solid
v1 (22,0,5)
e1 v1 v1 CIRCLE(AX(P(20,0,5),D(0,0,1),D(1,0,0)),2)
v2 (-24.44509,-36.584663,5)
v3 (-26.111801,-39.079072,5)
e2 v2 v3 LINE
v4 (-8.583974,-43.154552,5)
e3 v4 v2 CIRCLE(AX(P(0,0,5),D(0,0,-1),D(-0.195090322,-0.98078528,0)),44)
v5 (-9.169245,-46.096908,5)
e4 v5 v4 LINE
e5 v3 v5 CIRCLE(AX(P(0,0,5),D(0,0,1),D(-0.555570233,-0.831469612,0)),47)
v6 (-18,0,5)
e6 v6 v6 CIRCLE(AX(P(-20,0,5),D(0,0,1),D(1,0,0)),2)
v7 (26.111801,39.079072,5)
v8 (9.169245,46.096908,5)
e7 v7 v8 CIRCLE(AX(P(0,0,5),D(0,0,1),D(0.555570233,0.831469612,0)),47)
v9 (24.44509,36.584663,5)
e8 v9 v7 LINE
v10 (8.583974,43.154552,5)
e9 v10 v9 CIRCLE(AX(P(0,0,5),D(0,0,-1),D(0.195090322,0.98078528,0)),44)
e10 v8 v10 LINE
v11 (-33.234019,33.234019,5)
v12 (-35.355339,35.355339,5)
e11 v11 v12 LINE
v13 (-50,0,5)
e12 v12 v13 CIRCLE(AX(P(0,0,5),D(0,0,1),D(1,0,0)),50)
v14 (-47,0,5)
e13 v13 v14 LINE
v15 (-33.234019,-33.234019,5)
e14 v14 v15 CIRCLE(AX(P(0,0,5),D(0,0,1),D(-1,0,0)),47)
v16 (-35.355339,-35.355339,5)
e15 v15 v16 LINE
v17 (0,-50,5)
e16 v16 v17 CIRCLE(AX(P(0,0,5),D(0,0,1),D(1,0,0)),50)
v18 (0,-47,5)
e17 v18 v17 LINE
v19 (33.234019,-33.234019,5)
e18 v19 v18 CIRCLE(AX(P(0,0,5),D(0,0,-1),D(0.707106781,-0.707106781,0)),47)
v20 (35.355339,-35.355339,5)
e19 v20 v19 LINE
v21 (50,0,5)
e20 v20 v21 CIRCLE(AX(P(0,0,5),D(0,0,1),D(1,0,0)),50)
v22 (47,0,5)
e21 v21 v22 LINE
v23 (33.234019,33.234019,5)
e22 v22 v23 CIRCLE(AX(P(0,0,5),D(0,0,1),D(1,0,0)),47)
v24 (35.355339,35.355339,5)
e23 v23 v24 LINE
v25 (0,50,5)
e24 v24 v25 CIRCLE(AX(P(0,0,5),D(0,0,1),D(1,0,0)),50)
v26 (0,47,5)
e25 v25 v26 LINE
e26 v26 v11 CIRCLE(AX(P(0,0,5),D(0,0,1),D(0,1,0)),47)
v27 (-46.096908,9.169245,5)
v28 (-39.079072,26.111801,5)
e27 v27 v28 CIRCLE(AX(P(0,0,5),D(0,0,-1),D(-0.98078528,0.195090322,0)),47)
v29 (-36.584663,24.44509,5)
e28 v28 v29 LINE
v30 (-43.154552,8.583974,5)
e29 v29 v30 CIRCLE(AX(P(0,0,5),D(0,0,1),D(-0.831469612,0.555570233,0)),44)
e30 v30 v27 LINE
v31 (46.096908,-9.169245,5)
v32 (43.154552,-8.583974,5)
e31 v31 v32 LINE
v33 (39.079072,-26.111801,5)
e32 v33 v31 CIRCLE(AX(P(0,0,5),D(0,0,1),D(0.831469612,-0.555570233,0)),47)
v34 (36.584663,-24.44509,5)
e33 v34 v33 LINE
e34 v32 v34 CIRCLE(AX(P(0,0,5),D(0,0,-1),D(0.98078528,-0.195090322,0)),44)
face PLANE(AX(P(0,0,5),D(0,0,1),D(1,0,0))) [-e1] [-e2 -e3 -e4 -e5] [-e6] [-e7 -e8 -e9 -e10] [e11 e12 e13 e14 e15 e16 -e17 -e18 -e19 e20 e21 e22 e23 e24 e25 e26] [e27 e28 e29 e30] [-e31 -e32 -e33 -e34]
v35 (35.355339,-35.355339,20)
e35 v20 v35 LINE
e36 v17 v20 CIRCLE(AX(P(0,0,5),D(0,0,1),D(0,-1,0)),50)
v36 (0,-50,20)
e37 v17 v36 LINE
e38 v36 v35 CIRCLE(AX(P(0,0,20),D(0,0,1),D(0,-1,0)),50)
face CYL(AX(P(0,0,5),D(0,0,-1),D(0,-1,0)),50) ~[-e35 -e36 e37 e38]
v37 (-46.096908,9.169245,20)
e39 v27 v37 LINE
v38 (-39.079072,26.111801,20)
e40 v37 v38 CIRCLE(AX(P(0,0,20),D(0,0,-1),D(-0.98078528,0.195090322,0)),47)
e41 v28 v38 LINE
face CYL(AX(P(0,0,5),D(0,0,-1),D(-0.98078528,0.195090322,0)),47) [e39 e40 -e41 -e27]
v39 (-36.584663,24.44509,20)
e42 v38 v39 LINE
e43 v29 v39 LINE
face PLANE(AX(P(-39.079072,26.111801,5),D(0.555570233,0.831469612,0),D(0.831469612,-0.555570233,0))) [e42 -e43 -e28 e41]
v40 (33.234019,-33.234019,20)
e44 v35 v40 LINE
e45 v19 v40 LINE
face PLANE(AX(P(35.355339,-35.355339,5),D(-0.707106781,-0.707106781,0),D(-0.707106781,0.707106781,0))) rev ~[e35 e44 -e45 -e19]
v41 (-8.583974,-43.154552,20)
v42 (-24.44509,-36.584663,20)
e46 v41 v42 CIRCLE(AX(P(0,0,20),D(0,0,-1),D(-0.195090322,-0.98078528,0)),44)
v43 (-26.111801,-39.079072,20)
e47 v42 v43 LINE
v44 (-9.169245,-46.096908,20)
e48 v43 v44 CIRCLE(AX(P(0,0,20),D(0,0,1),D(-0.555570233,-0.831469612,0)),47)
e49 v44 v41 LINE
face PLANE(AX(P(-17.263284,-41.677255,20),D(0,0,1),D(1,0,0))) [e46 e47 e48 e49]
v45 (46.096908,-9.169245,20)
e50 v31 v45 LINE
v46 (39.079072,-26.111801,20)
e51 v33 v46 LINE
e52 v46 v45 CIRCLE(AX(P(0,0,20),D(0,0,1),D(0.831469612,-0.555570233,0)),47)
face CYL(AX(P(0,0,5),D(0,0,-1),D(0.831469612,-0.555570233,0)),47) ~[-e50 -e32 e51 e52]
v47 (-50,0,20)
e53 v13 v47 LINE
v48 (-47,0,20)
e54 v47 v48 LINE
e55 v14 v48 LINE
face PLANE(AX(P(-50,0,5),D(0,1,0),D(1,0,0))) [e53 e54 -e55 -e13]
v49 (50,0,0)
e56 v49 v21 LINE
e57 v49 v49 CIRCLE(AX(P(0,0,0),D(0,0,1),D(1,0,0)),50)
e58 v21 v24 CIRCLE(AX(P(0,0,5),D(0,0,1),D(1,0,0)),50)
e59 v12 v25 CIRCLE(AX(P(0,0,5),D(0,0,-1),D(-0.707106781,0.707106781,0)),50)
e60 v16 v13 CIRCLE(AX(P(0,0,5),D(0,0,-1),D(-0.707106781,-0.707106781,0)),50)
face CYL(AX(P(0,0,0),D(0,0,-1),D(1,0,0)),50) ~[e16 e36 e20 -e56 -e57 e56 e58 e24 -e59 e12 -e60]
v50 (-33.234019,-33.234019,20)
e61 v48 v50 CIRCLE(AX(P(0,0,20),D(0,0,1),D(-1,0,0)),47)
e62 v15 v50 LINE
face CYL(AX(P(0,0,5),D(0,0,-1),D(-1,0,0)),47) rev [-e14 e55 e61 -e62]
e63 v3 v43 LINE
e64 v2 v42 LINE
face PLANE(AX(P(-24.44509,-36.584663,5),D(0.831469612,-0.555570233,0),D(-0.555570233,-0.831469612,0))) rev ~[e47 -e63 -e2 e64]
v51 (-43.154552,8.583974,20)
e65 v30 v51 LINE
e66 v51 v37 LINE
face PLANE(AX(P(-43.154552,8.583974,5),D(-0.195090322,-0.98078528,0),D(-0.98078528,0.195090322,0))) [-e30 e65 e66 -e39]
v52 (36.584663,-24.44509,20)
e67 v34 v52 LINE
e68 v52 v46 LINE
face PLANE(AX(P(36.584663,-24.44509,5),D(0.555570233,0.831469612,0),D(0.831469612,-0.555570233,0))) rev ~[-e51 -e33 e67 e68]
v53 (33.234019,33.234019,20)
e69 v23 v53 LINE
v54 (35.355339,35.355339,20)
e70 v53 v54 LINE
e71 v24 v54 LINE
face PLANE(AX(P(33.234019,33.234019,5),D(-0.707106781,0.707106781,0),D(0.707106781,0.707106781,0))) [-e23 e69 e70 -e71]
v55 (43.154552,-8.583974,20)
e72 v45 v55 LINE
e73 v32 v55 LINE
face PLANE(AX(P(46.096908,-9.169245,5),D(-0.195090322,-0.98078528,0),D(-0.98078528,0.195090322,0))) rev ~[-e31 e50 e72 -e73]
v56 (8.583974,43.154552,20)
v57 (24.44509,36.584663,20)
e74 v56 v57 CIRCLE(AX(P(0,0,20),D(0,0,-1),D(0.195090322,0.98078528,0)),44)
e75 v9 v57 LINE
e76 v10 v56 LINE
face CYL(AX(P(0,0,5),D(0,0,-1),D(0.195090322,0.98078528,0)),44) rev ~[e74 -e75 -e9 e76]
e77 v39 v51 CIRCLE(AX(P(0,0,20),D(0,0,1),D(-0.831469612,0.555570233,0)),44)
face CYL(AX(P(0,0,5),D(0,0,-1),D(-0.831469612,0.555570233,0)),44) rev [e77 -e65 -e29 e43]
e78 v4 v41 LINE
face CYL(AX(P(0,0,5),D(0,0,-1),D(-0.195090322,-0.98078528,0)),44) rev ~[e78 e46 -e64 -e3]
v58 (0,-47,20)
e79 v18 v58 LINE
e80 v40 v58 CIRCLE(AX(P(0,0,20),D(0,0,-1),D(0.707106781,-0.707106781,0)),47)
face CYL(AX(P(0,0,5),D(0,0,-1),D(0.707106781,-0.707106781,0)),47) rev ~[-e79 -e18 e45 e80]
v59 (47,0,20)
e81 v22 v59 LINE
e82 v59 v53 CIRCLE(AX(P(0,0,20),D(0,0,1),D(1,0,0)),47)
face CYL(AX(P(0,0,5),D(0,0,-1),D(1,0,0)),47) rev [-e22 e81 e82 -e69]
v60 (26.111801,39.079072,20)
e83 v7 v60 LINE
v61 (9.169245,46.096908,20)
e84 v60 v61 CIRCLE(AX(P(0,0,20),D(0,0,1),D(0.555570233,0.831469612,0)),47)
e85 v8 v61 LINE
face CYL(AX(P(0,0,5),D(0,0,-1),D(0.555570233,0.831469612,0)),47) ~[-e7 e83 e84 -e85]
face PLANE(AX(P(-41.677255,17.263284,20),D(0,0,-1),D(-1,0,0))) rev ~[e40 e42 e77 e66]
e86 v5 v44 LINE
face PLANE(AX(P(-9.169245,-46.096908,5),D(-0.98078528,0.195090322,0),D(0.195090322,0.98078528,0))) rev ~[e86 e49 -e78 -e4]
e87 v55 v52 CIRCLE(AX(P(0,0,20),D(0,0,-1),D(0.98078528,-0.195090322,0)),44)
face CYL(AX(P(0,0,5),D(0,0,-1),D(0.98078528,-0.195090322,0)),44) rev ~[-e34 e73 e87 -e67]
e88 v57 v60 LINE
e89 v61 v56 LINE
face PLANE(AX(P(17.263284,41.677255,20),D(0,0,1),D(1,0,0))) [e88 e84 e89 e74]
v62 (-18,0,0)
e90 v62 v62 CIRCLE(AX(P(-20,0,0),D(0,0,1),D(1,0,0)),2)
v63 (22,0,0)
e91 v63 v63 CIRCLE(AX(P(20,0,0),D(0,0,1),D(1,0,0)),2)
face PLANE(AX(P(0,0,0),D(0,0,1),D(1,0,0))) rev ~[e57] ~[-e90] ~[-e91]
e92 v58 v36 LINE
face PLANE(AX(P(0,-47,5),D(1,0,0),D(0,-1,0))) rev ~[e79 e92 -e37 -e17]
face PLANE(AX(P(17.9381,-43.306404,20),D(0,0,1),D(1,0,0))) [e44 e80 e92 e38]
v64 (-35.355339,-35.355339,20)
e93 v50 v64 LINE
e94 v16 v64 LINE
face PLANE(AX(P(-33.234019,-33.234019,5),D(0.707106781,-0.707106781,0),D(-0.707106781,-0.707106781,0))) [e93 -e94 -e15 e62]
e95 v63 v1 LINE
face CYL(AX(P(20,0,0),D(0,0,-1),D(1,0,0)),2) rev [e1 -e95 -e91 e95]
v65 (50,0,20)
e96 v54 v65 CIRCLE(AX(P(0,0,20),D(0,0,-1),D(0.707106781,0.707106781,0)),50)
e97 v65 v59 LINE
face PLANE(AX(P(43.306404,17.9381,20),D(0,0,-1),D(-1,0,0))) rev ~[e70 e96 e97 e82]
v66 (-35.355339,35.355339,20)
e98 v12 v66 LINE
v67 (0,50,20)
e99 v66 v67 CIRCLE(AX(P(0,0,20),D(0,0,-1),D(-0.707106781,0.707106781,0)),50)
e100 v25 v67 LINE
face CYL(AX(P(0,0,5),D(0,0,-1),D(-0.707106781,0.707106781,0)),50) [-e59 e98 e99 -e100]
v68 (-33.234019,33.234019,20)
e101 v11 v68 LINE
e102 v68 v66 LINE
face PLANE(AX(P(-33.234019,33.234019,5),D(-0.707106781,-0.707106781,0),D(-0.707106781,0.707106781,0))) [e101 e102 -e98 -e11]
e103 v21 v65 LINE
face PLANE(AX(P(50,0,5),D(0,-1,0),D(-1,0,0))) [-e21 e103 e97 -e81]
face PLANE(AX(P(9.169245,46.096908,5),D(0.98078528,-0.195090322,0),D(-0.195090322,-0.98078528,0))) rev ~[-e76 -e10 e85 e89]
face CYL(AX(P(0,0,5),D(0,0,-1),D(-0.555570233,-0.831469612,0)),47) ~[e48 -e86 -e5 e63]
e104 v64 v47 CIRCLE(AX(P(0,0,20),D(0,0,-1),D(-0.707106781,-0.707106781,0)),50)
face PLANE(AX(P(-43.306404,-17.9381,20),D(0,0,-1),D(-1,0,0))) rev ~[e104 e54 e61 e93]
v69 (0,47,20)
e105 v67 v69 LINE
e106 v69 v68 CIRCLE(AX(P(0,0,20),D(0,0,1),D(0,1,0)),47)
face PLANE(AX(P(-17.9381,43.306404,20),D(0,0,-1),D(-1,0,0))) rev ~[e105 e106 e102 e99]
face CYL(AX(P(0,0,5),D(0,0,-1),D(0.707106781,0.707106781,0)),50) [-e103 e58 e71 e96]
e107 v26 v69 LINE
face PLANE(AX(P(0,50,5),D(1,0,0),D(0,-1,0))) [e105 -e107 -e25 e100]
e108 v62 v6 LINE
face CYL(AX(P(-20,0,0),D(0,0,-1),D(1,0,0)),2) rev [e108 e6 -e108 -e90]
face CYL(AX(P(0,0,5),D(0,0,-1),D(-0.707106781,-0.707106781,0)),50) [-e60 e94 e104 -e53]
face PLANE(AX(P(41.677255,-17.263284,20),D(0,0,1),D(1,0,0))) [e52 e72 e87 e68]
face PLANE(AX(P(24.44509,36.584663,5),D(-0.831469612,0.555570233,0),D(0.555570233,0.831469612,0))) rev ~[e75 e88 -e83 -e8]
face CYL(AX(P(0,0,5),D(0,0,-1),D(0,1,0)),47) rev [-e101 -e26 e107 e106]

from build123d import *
from build123d.topology import SkipClean

# Parameters (mm, degrees)
SKETCH_1_R      = 50
SKETCH_1_R_2    = 2
EXTRUDE_1_DEPTH = 5
EXTRUDE_2_DEPTH = 15
EXTRUDE_3_DEPTH = 15
EXTRUDE_4_DEPTH = 15


with BuildPart() as part:
    # 草图1 → 凸台-拉伸1 (new body)
    with BuildSketch(Plane.XY):
        Circle(SKETCH_1_R)
        with Locations((-20, 0)):
            Circle(SKETCH_1_R_2, mode=Mode.SUBTRACT)
        with Locations((20, 0)):
            Circle(SKETCH_1_R_2, mode=Mode.SUBTRACT)
    extrude(amount=EXTRUDE_1_DEPTH)

    # 草图2 → 凸台-拉伸2 (add)
    with SkipClean():  # the faces are left unmerged after this step: merging them gives an invalid solid
        with BuildSketch(Plane.XY.offset(5)):
            with BuildLine():
                Line((0, 50), (0, 47))
                ThreePointArc((0, 47), (-17.986121321, 43.422338028), (-33.234018716, 33.234018716))
                Line((-33.234018716, 33.234018716), (-35.355339059, 35.355339059))
                ThreePointArc((-35.355339059, 35.355339059), (-19.134171618, 46.193976626), (0, 50))
            make_face()
        extrude(amount=EXTRUDE_2_DEPTH)

    # 草图5 → 凸台-拉伸3 (add)
    with SkipClean():  # the faces are left unmerged after this step: merging them gives an invalid solid
        with BuildSketch(Plane.XY.offset(5)):
            with BuildLine():
                Line((-35.355339059, 35.355339059), (-33.234018716, 33.234018716))
                ThreePointArc((-33.234018716, 33.234018716), (-17.986121321, 43.422338028), (0, 47))
                Line((0, 47), (0, 50))
                ThreePointArc((0, 50), (-19.134171618, 46.193976626), (-35.355339059, 35.355339059))
            make_face()
            with BuildLine():
                Line((-50, 0), (-47, 0))
                ThreePointArc((-47, 0), (-43.422338028, -17.986121321), (-33.234018716, -33.234018716))
                Line((-33.234018716, -33.234018716), (-35.355339059, -35.355339059))
                ThreePointArc((-35.355339059, -35.355339059), (-46.193976626, -19.134171618), (-50, 0))
            make_face()
            with BuildLine():
                Line((33.234018716, 33.234018716), (35.355339059, 35.355339059))
                ThreePointArc((35.355339059, 35.355339059), (46.193976626, 19.134171618), (50, 0))
                Line((50, 0), (47, 0))
                ThreePointArc((47, 0), (43.422338028, 17.986121321), (33.234018716, 33.234018716))
            make_face()
            with BuildLine():
                Line((0, -47), (0, -50))
                ThreePointArc((0, -50), (19.134171618, -46.193976626), (35.355339059, -35.355339059))
                Line((35.355339059, -35.355339059), (33.234018716, -33.234018716))
                ThreePointArc((33.234018716, -33.234018716), (17.986121321, -43.422338028), (0, -47))
            make_face()
        extrude(amount=EXTRUDE_3_DEPTH)

    # 草图6 → 凸台-拉伸4 (add)
    with SkipClean():  # the faces are left unmerged after this step: merging them gives an invalid solid
        with BuildSketch(Plane.XY.offset(5)):
            with BuildLine():
                Line((-39.079071778, 26.111800952), (-36.584662941, 24.445090253))
                ThreePointArc((-36.584662941, 24.445090253), (-40.65069943, 16.838071024), (-43.154552338, 8.583974169))
                Line((-43.154552338, 8.583974169), (-46.096908179, 9.169245135))
                ThreePointArc((-46.096908179, 9.169245135), (-43.422338028, 17.986121321), (-39.079071778, 26.111800952))
            make_face()
            with BuildLine():
                Line((9.169245135, 46.096908179), (8.583974169, 43.154552338))
                ThreePointArc((8.583974169, 43.154552338), (16.838071024, 40.65069943), (24.445090253, 36.584662941))
                Line((24.445090253, 36.584662941), (26.111800952, 39.079071778))
                ThreePointArc((26.111800952, 39.079071778), (17.986121321, 43.422338028), (9.169245135, 46.096908179))
            make_face()
            with BuildLine():
                Line((46.096908179, -9.169245135), (43.154552338, -8.583974169))
                ThreePointArc((43.154552338, -8.583974169), (40.65069943, -16.838071024), (36.584662941, -24.445090253))
                Line((36.584662941, -24.445090253), (39.079071778, -26.111800952))
                ThreePointArc((39.079071778, -26.111800952), (43.422338028, -17.986121321), (46.096908179, -9.169245135))
            make_face()
            with BuildLine():
                Line((-9.169245135, -46.096908179), (-8.583974169, -43.154552338))
                ThreePointArc((-8.583974169, -43.154552338), (-16.838071024, -40.65069943), (-24.445090253, -36.584662941))
                Line((-24.445090253, -36.584662941), (-26.111800952, -39.079071778))
                ThreePointArc((-26.111800952, -39.079071778), (-17.986121321, -43.422338028), (-9.169245135, -46.096908179))
            make_face()
        extrude(amount=EXTRUDE_4_DEPTH)


solid = part.part
